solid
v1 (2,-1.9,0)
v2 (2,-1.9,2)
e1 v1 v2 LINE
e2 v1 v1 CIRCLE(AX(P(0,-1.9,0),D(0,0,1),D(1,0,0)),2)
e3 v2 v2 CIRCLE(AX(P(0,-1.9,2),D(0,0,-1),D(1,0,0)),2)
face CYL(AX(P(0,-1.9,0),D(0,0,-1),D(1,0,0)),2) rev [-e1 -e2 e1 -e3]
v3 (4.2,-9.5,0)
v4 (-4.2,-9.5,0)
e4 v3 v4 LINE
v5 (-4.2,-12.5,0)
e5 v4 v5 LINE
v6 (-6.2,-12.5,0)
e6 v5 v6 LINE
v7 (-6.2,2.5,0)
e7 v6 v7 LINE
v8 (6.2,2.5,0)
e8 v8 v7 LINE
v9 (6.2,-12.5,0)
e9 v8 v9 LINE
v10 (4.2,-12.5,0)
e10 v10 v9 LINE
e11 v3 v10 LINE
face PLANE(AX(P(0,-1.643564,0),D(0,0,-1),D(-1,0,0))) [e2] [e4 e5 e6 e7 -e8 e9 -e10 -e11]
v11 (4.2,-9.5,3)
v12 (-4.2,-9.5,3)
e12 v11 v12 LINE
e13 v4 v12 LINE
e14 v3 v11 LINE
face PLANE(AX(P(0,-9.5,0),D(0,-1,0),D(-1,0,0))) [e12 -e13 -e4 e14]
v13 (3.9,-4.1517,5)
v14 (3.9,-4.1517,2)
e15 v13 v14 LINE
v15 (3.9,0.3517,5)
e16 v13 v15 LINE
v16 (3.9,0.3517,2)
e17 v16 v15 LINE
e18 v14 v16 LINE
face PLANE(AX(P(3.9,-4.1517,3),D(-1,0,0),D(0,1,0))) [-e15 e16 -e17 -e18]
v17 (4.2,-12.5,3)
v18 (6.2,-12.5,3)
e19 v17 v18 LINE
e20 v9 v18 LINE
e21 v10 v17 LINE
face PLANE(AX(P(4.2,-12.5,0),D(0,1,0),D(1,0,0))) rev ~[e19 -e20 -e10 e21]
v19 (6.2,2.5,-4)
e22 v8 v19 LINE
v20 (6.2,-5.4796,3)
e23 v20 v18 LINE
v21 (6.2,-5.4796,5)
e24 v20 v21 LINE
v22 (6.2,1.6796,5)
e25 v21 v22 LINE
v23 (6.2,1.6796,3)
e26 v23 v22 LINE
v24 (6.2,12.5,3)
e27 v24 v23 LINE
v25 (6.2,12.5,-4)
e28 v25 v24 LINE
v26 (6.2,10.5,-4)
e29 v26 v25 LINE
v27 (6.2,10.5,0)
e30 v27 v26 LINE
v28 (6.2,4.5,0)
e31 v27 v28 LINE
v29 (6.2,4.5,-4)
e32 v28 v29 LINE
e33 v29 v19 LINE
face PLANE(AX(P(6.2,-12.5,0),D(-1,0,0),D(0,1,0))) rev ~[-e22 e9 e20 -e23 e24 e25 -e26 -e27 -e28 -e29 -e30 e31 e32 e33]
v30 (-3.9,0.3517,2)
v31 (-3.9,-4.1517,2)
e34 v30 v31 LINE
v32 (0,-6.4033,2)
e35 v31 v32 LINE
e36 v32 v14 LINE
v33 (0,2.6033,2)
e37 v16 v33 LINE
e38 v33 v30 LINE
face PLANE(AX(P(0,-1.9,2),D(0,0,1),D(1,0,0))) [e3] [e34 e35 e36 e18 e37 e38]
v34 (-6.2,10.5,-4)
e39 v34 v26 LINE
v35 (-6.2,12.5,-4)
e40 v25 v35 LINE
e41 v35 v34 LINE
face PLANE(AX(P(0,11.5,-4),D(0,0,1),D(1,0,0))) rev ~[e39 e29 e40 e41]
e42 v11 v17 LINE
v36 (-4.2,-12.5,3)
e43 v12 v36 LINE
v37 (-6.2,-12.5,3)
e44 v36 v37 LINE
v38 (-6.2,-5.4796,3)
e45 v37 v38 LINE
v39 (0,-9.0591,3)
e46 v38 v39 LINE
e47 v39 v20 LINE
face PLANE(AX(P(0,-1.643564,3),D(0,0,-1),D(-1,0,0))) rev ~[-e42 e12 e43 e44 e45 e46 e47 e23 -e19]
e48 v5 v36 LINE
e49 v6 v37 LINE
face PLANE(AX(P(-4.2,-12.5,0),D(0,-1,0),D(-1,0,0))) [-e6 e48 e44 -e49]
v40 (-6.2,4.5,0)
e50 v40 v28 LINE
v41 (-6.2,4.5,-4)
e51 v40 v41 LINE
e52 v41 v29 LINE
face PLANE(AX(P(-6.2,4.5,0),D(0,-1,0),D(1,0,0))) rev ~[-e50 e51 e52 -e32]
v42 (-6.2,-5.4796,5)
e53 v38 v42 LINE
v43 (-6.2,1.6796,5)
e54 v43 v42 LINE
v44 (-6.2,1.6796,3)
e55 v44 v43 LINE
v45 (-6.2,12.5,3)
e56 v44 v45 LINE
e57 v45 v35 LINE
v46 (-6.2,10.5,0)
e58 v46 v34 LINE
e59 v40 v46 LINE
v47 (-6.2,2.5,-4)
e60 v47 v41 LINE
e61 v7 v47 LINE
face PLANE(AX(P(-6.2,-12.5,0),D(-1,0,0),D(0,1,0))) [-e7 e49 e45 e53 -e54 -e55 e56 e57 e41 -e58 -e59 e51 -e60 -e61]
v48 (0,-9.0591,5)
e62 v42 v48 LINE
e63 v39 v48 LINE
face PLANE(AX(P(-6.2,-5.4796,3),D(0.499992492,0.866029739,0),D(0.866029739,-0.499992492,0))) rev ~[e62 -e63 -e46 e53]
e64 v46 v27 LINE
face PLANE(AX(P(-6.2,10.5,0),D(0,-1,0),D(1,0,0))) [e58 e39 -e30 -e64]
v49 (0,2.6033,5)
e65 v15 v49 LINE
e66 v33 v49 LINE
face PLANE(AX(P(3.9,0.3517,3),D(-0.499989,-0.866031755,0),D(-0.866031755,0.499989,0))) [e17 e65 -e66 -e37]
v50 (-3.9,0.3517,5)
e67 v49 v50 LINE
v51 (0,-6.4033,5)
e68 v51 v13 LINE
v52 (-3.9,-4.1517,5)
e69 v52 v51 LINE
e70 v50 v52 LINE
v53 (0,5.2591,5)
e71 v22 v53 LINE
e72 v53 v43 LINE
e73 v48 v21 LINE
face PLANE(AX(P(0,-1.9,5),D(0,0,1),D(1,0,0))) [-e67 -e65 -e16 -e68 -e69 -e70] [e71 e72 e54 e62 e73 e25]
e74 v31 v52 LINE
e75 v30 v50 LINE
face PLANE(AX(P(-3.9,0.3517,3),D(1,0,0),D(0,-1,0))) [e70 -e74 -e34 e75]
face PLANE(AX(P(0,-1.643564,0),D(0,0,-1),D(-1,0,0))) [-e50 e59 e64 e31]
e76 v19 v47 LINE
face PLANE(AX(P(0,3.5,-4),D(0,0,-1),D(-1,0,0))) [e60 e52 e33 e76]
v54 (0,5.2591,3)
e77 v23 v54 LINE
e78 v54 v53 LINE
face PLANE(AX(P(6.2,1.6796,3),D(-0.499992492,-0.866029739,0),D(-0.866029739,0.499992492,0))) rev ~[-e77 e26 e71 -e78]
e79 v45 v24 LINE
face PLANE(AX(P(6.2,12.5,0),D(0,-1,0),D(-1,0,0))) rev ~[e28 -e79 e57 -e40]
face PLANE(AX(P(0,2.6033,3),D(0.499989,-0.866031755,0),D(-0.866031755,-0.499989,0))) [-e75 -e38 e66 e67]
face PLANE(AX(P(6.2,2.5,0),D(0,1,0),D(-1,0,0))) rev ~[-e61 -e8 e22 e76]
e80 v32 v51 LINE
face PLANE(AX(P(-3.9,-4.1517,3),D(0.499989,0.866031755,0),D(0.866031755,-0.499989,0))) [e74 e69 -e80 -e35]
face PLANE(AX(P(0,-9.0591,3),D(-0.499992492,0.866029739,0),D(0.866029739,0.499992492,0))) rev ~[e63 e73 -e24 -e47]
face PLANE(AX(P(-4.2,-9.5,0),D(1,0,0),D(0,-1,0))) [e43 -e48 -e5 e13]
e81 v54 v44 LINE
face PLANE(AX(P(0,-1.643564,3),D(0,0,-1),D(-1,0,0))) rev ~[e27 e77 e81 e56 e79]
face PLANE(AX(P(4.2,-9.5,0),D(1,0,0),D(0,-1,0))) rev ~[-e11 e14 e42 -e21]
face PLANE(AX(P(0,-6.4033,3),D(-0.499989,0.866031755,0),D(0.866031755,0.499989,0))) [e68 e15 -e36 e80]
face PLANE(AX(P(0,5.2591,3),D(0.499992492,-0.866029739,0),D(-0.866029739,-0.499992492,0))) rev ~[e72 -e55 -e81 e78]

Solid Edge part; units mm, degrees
sketch "Sketch1" plane through (0, 0, 0) normal (0, 0, 1) x (1, 0, 0)
  line L0 (3.9, 2.5) -> (3.9, -7.5)
  line L1 (6.2, -7.5) -> (3.9, -7.5)
  line L2 (6.2, -12.5) -> (6.2, -7.5)
  line L3 (4.2, -12.5) -> (6.2, -12.5)
  line L4 (4.2, -9.5) -> (4.2, -12.5)
  line L5 (0, -9.5) -> (4.2, -9.5)
  line L6 (0, -9.5) -> (-4.2, -9.5)
  line L7 (-4.2, -9.5) -> (-4.2, -12.5)
  line L8 (-4.2, -12.5) -> (-6.2, -12.5)
  line L9 (-6.2, -12.5) -> (-6.2, -7.5)
  line L10 (-6.2, -7.5) -> (-3.9, -7.5)
  line L11 (-3.9, -7.5) -> (-3.9, 2.5)
  line L12 (-3.9, 2.5) -> (-3.9, 12.5)
  line L13 (-3.9, 12.5) -> (3.9, 12.5)
  line L14 (3.9, 12.5) -> (3.9, 2.5)
  circle A0 centre (0, -1.9) radius 2
extrude "Protrusion1" add sketch "Sketch1" along normal blind 3
sketch "Sketch2" plane through (0, 0, 0) normal (0, 0, -1) x (0, 1, 0)
  line L0 (12.5, -6.2) -> (-7.5, -6.2)
  line L1 (-7.5, -6.2) -> (-7.5, -3.9)
  line L2 (-7.5, -3.9) -> (7.5, -3.9)
  line L3 (7.5, -3.9) -> (7.5, 3.9)
  line L4 (7.5, 3.9) -> (-7.5, 3.9)
  line L5 (-7.5, 3.9) -> (-7.5, 6.2)
  line L6 (-7.5, 6.2) -> (12.5, 6.2)
  line L7 (12.5, 6.2) -> (12.5, -3.9)
  line L8 (12.5, -3.9) -> (12.5, -6.2)
extrude "Protrusion2" add sketch "Sketch2" against normal up to vertex (3 mm away)
sketch "Sketch3" plane through (0, 0, 3) normal (0, 0, 1) x (1, 0, 0)
  line L0 (0, 5.2591) -> (-6.2, 1.6796)
  line L1 (-6.2, 1.6796) -> (-6.2, -5.4796)
  line L2 (-6.2, -5.4796) -> (0, -9.0591)
  line L3 (0, -9.0591) -> (6.2, -5.4796)
  line L4 (6.2, -5.4796) -> (6.2, 1.6796)
  line L5 (6.2, 1.6796) -> (0, 5.2591)
  line L6 (0, 2.6033) -> (-3.9, 0.3517)
  line L7 (-3.9, 0.3517) -> (-3.9, -4.1517)
  line L8 (-3.9, -4.1517) -> (0, -6.4033)
  line L9 (0, -6.4033) -> (3.9, -4.1517)
  line L10 (3.9, -4.1517) -> (3.9, 0.3517)
  line L11 (3.9, 0.3517) -> (0, 2.6033)
extrude "ExtrudedProtrusion_3" add sketch "Sketch3" along normal blind 2
sketch "Sketch4" plane through (0, 0, 3) normal (0, 0, 1) x (1, 0, 0)
  line L0 (3.9, 0.3517) -> (0, 2.6033)
  line L1 (0, 2.6033) -> (-3.9, 0.3517)
  line L2 (-3.9, 0.3517) -> (-3.9, -4.1517)
  line L3 (-3.9, -4.1517) -> (0, -6.4033)
  line L4 (0, -6.4033) -> (3.9, -4.1517)
  line L5 (3.9, -4.1517) -> (3.9, 0.3517)
extrude "ExtrudedCutout_1" cut sketch "Sketch4" against normal blind 1
sketch "Sketch5" plane through (0, 0, 0) normal (0, 0, -1) x (-1, 0, 0)
  line L0 (6.2, 10.5) -> (-6.2, 10.5)
  line L1 (-6.2, 10.5) -> (-6.2, 12.5)
  line L2 (-6.2, 12.5) -> (6.2, 12.5)
  line L3 (6.2, 12.5) -> (6.2, 10.5)
  line L4 (6.2, 4.5) -> (-6.2, 4.5)
  line L5 (-6.2, 4.5) -> (-6.2, 2.5)
  line L6 (-6.2, 2.5) -> (6.2, 2.5)
  line L7 (6.2, 2.5) -> (6.2, 4.5)
extrude "ExtrudedProtrusion_4" add sketch "Sketch5" along normal blind 4
